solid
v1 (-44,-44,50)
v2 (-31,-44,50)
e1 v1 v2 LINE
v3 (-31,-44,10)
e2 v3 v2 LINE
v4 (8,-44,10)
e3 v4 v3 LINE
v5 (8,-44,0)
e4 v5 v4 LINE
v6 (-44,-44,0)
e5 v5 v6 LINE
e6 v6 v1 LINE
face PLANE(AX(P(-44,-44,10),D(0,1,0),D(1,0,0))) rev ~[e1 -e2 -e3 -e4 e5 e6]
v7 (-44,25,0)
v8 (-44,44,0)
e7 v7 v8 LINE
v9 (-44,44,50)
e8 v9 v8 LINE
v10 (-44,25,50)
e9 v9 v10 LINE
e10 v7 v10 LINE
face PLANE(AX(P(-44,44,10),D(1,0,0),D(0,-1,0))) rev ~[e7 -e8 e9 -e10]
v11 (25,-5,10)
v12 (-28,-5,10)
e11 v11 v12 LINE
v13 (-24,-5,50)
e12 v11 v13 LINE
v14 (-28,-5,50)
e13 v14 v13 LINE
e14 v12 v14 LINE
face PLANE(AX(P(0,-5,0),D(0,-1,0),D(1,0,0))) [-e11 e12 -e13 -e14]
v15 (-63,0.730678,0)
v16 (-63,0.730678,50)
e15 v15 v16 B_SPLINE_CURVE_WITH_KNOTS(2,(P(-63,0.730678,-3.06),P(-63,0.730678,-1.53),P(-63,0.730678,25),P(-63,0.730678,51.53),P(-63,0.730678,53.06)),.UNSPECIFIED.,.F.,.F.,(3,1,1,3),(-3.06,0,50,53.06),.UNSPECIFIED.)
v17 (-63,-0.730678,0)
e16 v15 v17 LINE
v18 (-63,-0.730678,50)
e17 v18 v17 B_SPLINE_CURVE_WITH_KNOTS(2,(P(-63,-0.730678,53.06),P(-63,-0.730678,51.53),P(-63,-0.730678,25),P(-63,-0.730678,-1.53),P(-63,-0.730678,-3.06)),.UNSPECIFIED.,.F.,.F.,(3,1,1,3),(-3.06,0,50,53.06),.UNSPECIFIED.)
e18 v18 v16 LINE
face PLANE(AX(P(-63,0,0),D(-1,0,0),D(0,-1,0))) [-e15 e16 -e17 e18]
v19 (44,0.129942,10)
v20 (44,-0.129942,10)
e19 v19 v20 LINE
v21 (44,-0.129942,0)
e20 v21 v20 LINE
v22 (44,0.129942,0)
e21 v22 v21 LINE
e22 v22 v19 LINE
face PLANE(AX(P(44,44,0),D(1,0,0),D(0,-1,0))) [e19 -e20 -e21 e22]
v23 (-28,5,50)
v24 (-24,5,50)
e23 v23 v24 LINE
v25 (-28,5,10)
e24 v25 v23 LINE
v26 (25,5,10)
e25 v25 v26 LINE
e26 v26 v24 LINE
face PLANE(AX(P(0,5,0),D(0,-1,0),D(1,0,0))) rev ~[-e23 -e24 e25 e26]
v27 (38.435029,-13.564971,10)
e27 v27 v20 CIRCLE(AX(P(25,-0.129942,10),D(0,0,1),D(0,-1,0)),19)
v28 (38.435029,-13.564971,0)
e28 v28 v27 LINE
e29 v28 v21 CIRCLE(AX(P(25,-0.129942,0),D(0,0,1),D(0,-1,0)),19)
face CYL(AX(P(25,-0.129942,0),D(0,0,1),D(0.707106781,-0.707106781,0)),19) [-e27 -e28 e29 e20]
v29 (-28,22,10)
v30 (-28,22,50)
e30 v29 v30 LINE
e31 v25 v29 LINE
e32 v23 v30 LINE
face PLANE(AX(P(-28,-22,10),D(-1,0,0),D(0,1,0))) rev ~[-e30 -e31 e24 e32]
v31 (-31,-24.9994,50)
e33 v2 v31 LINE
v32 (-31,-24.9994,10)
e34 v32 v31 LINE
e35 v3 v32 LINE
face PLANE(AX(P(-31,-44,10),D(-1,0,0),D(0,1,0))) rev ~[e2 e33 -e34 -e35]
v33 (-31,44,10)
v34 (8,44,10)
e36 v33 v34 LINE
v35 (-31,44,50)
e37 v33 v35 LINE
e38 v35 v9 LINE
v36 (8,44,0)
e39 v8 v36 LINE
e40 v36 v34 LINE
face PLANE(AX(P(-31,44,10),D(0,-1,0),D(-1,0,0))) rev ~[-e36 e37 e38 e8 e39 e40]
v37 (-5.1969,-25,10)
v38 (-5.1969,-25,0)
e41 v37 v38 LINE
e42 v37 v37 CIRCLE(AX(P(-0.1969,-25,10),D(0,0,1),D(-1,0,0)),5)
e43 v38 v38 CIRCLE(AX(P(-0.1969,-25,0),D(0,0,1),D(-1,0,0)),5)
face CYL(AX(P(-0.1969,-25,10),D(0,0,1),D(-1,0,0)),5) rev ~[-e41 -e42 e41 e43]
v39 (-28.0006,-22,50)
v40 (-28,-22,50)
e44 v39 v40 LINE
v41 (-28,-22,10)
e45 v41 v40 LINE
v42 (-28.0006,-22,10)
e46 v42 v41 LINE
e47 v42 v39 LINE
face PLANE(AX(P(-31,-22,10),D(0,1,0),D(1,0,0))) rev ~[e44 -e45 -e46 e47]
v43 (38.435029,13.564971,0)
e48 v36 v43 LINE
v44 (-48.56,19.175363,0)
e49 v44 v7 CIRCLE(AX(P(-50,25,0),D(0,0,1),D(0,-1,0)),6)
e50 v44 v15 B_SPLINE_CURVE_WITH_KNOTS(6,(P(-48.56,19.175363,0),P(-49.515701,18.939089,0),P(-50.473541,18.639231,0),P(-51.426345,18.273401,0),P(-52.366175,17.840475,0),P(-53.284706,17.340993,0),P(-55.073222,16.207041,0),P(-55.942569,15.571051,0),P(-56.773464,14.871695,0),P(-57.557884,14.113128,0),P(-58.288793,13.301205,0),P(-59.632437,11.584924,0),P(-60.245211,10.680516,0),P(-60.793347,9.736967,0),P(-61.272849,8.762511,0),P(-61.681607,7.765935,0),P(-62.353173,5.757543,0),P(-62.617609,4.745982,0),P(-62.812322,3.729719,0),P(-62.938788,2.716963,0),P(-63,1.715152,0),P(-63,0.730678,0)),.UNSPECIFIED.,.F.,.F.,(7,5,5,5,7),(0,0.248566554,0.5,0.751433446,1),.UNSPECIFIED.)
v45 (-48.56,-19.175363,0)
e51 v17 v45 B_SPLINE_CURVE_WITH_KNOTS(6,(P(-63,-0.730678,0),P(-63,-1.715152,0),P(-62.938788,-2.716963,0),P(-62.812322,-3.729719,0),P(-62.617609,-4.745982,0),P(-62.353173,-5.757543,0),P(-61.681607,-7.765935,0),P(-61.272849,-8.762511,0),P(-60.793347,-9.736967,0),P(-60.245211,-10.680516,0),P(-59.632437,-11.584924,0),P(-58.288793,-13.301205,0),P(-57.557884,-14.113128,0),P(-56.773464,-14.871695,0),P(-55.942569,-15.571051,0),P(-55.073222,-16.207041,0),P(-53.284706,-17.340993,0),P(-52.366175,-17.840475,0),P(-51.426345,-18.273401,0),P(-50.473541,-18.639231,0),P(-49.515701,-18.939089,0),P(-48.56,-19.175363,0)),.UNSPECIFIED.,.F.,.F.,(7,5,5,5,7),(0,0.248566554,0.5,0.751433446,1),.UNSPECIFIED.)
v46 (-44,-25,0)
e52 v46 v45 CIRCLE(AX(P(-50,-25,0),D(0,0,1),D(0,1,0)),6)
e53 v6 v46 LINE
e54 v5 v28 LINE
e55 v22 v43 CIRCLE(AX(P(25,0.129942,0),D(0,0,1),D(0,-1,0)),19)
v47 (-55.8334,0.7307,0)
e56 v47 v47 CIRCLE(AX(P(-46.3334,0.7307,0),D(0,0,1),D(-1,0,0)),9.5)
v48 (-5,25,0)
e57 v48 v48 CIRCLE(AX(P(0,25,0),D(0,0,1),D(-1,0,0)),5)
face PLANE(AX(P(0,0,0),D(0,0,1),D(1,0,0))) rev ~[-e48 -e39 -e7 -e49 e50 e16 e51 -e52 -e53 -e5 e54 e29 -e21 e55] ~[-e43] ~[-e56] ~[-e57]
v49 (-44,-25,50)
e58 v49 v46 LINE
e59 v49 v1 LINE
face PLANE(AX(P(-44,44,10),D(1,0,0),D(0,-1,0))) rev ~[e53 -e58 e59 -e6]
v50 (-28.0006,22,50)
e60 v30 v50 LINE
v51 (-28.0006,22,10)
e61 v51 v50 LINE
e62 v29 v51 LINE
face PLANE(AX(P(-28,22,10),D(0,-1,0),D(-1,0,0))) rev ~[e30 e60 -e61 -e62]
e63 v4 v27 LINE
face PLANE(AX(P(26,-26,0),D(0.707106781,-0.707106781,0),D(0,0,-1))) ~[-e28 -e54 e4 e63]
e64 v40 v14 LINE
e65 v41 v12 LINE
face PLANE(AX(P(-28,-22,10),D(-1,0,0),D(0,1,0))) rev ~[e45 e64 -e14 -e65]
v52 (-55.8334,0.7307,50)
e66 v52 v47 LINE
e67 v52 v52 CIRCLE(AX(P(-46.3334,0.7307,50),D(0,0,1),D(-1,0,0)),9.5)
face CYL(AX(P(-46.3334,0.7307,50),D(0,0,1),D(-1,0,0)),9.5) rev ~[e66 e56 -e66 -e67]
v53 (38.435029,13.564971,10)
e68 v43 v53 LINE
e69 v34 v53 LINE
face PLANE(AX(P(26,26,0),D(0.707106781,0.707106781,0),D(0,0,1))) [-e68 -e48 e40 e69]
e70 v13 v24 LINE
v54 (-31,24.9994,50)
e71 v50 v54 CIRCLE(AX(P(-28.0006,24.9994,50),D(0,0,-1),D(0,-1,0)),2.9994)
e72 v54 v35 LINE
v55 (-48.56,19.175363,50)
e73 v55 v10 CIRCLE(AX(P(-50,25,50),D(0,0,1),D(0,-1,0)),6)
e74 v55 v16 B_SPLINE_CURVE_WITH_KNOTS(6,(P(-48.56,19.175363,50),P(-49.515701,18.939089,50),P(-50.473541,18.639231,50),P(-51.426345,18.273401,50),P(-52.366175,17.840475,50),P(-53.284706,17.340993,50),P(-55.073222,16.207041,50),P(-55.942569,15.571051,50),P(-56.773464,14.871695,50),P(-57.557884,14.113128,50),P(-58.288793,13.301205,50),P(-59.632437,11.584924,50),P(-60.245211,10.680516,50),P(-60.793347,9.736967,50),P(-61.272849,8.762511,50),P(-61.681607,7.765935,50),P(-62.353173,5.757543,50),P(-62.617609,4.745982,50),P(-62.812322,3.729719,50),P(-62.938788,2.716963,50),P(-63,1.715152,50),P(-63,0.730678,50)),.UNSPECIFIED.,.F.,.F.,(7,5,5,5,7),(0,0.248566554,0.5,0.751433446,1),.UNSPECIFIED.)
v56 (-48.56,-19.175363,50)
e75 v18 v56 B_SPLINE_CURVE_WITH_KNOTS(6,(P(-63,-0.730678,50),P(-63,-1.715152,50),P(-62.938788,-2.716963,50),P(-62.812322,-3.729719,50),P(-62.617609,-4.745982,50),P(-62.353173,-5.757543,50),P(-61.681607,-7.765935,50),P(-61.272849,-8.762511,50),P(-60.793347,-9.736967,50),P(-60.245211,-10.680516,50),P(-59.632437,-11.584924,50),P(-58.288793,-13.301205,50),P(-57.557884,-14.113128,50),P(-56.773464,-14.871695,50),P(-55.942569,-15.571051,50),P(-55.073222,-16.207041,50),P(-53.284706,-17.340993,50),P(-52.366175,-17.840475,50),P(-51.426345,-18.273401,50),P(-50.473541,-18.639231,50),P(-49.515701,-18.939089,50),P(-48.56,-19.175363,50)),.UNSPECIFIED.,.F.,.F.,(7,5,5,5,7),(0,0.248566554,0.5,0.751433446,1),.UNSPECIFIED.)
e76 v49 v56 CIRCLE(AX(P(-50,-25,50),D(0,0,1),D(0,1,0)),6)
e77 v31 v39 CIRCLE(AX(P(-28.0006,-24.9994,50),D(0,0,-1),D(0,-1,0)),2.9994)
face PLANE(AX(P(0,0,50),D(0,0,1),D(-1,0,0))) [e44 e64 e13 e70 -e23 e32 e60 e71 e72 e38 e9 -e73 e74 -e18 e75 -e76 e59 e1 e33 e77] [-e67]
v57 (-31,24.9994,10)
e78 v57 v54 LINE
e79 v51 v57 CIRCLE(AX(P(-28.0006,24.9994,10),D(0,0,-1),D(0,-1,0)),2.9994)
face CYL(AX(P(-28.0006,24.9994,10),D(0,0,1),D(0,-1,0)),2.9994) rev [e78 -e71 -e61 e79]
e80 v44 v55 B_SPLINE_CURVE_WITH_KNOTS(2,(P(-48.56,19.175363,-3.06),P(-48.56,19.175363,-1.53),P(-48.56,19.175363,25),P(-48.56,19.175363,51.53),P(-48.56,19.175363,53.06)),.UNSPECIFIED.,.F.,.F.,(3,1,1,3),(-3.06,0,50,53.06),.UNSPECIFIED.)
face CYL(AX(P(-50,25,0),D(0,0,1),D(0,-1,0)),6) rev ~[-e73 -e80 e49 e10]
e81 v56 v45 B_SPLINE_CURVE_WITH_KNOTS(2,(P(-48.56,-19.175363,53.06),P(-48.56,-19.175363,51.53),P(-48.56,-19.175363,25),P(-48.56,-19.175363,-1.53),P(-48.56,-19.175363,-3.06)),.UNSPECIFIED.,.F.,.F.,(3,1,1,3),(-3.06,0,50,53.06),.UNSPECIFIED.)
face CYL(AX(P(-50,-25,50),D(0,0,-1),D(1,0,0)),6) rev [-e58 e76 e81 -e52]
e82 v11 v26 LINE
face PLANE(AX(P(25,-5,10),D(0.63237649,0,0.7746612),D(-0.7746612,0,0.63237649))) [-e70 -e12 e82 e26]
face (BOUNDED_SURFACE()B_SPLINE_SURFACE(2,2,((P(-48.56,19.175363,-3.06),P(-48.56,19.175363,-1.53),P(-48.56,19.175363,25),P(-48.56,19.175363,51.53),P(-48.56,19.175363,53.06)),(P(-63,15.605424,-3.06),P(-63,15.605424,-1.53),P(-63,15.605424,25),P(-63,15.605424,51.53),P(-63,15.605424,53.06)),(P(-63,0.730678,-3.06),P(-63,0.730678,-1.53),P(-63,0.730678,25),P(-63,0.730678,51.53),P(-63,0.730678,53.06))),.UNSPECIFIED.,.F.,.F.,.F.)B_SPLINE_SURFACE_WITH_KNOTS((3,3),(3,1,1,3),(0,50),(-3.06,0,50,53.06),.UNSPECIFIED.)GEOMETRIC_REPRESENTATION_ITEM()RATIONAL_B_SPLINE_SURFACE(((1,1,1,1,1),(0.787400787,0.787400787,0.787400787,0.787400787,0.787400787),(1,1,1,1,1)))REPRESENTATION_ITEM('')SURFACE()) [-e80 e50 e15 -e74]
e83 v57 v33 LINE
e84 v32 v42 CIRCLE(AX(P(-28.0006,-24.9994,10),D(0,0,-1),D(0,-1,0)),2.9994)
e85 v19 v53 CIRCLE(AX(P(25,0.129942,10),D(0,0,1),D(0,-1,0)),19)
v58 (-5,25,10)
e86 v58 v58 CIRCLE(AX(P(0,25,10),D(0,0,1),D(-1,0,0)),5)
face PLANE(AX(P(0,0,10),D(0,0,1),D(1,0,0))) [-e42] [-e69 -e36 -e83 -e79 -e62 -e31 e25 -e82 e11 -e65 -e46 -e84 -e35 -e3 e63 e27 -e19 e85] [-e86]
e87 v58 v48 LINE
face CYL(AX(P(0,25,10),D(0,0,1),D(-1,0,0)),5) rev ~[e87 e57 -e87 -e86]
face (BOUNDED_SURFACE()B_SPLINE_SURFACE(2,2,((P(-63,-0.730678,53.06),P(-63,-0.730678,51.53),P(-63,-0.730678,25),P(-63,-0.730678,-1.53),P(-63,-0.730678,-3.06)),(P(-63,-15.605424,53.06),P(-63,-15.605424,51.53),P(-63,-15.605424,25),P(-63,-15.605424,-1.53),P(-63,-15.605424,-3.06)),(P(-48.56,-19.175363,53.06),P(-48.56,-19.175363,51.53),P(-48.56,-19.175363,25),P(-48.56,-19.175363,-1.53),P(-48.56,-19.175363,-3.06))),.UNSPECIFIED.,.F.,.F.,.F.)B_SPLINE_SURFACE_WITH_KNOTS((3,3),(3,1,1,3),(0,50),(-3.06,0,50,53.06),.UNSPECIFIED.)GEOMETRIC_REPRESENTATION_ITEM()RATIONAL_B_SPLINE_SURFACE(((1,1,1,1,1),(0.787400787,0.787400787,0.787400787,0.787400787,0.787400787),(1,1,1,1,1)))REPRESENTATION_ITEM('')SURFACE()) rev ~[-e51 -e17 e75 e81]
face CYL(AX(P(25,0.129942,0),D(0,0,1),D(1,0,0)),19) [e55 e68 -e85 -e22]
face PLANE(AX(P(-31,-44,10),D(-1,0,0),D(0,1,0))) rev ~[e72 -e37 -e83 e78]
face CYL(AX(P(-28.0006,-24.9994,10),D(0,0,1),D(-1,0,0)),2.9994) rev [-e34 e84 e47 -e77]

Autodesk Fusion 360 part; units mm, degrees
sketch "bottom" plane through (0, 0, 0) normal (0, 0, 1) x (1, 0, 0)
  line L0 (44, -44) -> (-44, -44)
  line L1 (-44, -44) -> (-44, 44)
  line L2 (-44, 44) -> (44, 44)
  line L3 (44, 44) -> (44, -44)
  line L4 (44, -44) -> (-44, 44) construction
  line L5 (-44, -44) -> (44, 44) construction
  dimension "d1" = 88
  dimension "d2" = 88
extrude "Extrude1" add sketch "bottom" along normal blind 10
sketch "Sketch2" plane through (0, 0, 10) normal (0, 0, 1) x (-1, 0, 0)
  line L0 (-44, -44) -> (44, -44)
  line L1 (44, -44) -> (44, 44)
  line L2 (44, 44) -> (-44, 44)
  line L3 (-44, 44) -> (-44, -44)
  line L4 (-44, 0) -> (-25, 0)
  circle A0 centre (-25, 0) radius 19
chamfer "Chamfer1" distance 36 angle 45 2 edges at (44, -44, 5) (44, 44, 5)
fillet "Fillet1" radius 19 2 edges at (44, -8, 5) (44, 8, 5)
sketch "Sketch3" plane through (0, 0, 10) normal (0, 0, 1) x (-1, 0, 0)
  line L0 (44, 44) -> (31, 44)
  line L1 (31, 44) -> (31, -44)
  line L2 (31, -44) -> (44, -44)
  line L3 (44, -44) -> (44, 44)
extrude "Extrude2" add sketch "Sketch3" along normal blind 40
sketch "Sketch4" plane through (0, 0, 10) normal (0, 0, 1) x (-1, 0, 0)
  line L0 (31, -44) -> (31, 44)
  line L1 (31, 44) -> (-8, 44)
  line L2 (-8, 44) -> (-38.435, 13.565)
  arc A0 (-38.435, 13.565) -> (-44, 0.1299) centre (-25, 0.1299) ccw
  line L3 (-44, 0.1299) -> (-44, -0.1299)
  arc A1 (-44, -0.1299) -> (-38.435, -13.565) centre (-25, -0.1299) ccw
  line L4 (-38.435, -13.565) -> (-8, -44)
  line L5 (-8, -44) -> (31, -44)
  line L6 (28, -22) -> (31, -22)
  line L7 (31, -22) -> (31, 22)
  line L8 (31, 22) -> (28, 22)
  line L9 (28, 22) -> (28, -22)
  dimension "d12" = 3
extrude "Extrude3" add sketch "Sketch4" along normal blind 40 contours L0 L6 L7 L8 L9
fillet "Fillet2" radius 3 1 edges at (-31, -22, 30)
fillet "Fillet3" radius 3 1 edges at (-31, 22, 30)
sketch "Sketch6" plane through (0, 0, 0) normal (0, 1, 0) x (1, 0, 0)
  line L0 (-28, -50) -> (-24, -50)
  line L1 (-24, -50) -> (-24, -10)
  line L2 (-24, -10) -> (-28, -10)
  line L3 (-28, -10) -> (-28, -50)
  dimension "d19" = 40
extrude "Extrude4" add sketch "Sketch6" along normal mid plane 10
sketch "triangle" plane through (0, -5, 0) normal (0, -1, 0) x (1, 0, 0)
  line L0 (-28, 50) -> (-28, 10)
  line L1 (-28, 10) -> (-24, 10)
  line L2 (-24, 10) -> (-24, 50)
  line L3 (-24, 50) -> (-28, 50)
  line L4 (-24, 50) -> (-24, 10)
  line L5 (-24, 10) -> (25, 10)
  line L6 (25, 10) -> (-24, 50)
  line L7 (44, 10) -> (25, 10)
  dimension "d26" = 19
  dimension "d28" = 49
extrude "Extrude5" add sketch "triangle" against normal blind 10 contours L2 L4 L5 L6
sketch "the back" plane through (-44, 0, 0) normal (-1, 0, 0) x (0, -1, 0)
  line L0 (-44, 0) -> (44, 0)
  line L1 (44, 0) -> (44, 50)
  line L2 (44, 50) -> (-44, 50)
  line L3 (-44, 50) -> (-44, 0)
  line L4 (-19, 50) -> (19, 50)
  line L5 (19, 50) -> (19, 0)
  line L6 (19, 0) -> (-19, 0)
  line L7 (-19, 0) -> (-19, 50)
extrude "Extrude6" add sketch "the back" along normal blind 19 contours L0 L2 L4 L5 L6 L7
fillet "Fillet4" radius 6 1 edges at (-44, -19, 25)
fillet "Fillet5" radius 6 1 edges at (-44, 19, 25)
fillet "Fillet6" radius 19 2 edges at (-63, 19, 25) (-63, -19, 25)
sketch "wall circle" plane through (0, 0, 50) normal (0, 0, 1) x (-1, 0, 0)
  arc A0 (63, 0.7307) -> (48.56, 19.1754) centre (44, 0.7307) ccw
  arc A1 (44, 25) -> (48.56, 19.1754) centre (50, 25) ccw
  line L0 (44, 25) -> (44, 44)
  line L1 (44, 44) -> (31, 44)
  line L2 (31, 44) -> (31, 25)
  arc A2 (28, 22) -> (31, 25) centre (28, 25) ccw
  line L3 (28, 22) -> (28, 5)
  line L4 (28, 5) -> (24, 5)
  line L5 (24, 5) -> (24, -5)
  line L6 (24, -5) -> (28, -5)
  line L7 (28, -5) -> (28, -22)
  arc A3 (31, -25) -> (28, -22) centre (28, -25) ccw
  line L8 (31, -25) -> (31, -44)
  line L9 (31, -44) -> (44, -44)
  line L10 (44, -44) -> (44, -25)
  arc A4 (48.56, -19.1754) -> (44, -25) centre (50, -25) ccw
  arc A5 (48.56, -19.1754) -> (63, -0.7307) centre (44, -0.7307) ccw
  line L11 (63, -0.7307) -> (63, 0.7307)
  circle A6 centre (46.3334, -0.7307) radius 9.5
  dimension "d37" = 19
extrude "Extrude7" cut sketch "wall circle" against normal blind 50 contours A6
sketch "bottom circles" plane through (0, 0, 10) normal (0, 0, 1) x (-1, 0, 0)
  line L0 (-25, 5) -> (28, 5)
  line L1 (28, 5) -> (28, 22)
  arc A0 (28, 22) -> (31, 25) centre (28, 25) ccw
  line L2 (31, 25) -> (31, 44)
  line L3 (31, 44) -> (-8, 44)
  line L4 (-8, 44) -> (-38.435, 13.565)
  arc A1 (-38.435, 13.565) -> (-44, 0.1299) centre (-25, 0.1299) ccw
  line L5 (-44, 0.1299) -> (-44, -0.1299)
  arc A2 (-44, -0.1299) -> (-38.435, -13.565) centre (-25, -0.1299) ccw
  line L6 (-38.435, -13.565) -> (-8, -44)
  line L7 (-8, -44) -> (31, -44)
  line L8 (31, -44) -> (31, -25)
  arc A3 (31, -25) -> (28, -22) centre (28, -25) ccw
  line L9 (28, -22) -> (28, -5)
  line L10 (28, -5) -> (-25, -5)
  line L11 (-25, -5) -> (-25, 5)
  circle A4 centre (0.1969, 25) radius 5
  circle A5 centre (0, -25) radius 5
  dimension "d43" = 10
  dimension "d44" = 10
extrude "Extrude8" cut sketch "bottom circles" against normal blind 10 contours A4 | A5
